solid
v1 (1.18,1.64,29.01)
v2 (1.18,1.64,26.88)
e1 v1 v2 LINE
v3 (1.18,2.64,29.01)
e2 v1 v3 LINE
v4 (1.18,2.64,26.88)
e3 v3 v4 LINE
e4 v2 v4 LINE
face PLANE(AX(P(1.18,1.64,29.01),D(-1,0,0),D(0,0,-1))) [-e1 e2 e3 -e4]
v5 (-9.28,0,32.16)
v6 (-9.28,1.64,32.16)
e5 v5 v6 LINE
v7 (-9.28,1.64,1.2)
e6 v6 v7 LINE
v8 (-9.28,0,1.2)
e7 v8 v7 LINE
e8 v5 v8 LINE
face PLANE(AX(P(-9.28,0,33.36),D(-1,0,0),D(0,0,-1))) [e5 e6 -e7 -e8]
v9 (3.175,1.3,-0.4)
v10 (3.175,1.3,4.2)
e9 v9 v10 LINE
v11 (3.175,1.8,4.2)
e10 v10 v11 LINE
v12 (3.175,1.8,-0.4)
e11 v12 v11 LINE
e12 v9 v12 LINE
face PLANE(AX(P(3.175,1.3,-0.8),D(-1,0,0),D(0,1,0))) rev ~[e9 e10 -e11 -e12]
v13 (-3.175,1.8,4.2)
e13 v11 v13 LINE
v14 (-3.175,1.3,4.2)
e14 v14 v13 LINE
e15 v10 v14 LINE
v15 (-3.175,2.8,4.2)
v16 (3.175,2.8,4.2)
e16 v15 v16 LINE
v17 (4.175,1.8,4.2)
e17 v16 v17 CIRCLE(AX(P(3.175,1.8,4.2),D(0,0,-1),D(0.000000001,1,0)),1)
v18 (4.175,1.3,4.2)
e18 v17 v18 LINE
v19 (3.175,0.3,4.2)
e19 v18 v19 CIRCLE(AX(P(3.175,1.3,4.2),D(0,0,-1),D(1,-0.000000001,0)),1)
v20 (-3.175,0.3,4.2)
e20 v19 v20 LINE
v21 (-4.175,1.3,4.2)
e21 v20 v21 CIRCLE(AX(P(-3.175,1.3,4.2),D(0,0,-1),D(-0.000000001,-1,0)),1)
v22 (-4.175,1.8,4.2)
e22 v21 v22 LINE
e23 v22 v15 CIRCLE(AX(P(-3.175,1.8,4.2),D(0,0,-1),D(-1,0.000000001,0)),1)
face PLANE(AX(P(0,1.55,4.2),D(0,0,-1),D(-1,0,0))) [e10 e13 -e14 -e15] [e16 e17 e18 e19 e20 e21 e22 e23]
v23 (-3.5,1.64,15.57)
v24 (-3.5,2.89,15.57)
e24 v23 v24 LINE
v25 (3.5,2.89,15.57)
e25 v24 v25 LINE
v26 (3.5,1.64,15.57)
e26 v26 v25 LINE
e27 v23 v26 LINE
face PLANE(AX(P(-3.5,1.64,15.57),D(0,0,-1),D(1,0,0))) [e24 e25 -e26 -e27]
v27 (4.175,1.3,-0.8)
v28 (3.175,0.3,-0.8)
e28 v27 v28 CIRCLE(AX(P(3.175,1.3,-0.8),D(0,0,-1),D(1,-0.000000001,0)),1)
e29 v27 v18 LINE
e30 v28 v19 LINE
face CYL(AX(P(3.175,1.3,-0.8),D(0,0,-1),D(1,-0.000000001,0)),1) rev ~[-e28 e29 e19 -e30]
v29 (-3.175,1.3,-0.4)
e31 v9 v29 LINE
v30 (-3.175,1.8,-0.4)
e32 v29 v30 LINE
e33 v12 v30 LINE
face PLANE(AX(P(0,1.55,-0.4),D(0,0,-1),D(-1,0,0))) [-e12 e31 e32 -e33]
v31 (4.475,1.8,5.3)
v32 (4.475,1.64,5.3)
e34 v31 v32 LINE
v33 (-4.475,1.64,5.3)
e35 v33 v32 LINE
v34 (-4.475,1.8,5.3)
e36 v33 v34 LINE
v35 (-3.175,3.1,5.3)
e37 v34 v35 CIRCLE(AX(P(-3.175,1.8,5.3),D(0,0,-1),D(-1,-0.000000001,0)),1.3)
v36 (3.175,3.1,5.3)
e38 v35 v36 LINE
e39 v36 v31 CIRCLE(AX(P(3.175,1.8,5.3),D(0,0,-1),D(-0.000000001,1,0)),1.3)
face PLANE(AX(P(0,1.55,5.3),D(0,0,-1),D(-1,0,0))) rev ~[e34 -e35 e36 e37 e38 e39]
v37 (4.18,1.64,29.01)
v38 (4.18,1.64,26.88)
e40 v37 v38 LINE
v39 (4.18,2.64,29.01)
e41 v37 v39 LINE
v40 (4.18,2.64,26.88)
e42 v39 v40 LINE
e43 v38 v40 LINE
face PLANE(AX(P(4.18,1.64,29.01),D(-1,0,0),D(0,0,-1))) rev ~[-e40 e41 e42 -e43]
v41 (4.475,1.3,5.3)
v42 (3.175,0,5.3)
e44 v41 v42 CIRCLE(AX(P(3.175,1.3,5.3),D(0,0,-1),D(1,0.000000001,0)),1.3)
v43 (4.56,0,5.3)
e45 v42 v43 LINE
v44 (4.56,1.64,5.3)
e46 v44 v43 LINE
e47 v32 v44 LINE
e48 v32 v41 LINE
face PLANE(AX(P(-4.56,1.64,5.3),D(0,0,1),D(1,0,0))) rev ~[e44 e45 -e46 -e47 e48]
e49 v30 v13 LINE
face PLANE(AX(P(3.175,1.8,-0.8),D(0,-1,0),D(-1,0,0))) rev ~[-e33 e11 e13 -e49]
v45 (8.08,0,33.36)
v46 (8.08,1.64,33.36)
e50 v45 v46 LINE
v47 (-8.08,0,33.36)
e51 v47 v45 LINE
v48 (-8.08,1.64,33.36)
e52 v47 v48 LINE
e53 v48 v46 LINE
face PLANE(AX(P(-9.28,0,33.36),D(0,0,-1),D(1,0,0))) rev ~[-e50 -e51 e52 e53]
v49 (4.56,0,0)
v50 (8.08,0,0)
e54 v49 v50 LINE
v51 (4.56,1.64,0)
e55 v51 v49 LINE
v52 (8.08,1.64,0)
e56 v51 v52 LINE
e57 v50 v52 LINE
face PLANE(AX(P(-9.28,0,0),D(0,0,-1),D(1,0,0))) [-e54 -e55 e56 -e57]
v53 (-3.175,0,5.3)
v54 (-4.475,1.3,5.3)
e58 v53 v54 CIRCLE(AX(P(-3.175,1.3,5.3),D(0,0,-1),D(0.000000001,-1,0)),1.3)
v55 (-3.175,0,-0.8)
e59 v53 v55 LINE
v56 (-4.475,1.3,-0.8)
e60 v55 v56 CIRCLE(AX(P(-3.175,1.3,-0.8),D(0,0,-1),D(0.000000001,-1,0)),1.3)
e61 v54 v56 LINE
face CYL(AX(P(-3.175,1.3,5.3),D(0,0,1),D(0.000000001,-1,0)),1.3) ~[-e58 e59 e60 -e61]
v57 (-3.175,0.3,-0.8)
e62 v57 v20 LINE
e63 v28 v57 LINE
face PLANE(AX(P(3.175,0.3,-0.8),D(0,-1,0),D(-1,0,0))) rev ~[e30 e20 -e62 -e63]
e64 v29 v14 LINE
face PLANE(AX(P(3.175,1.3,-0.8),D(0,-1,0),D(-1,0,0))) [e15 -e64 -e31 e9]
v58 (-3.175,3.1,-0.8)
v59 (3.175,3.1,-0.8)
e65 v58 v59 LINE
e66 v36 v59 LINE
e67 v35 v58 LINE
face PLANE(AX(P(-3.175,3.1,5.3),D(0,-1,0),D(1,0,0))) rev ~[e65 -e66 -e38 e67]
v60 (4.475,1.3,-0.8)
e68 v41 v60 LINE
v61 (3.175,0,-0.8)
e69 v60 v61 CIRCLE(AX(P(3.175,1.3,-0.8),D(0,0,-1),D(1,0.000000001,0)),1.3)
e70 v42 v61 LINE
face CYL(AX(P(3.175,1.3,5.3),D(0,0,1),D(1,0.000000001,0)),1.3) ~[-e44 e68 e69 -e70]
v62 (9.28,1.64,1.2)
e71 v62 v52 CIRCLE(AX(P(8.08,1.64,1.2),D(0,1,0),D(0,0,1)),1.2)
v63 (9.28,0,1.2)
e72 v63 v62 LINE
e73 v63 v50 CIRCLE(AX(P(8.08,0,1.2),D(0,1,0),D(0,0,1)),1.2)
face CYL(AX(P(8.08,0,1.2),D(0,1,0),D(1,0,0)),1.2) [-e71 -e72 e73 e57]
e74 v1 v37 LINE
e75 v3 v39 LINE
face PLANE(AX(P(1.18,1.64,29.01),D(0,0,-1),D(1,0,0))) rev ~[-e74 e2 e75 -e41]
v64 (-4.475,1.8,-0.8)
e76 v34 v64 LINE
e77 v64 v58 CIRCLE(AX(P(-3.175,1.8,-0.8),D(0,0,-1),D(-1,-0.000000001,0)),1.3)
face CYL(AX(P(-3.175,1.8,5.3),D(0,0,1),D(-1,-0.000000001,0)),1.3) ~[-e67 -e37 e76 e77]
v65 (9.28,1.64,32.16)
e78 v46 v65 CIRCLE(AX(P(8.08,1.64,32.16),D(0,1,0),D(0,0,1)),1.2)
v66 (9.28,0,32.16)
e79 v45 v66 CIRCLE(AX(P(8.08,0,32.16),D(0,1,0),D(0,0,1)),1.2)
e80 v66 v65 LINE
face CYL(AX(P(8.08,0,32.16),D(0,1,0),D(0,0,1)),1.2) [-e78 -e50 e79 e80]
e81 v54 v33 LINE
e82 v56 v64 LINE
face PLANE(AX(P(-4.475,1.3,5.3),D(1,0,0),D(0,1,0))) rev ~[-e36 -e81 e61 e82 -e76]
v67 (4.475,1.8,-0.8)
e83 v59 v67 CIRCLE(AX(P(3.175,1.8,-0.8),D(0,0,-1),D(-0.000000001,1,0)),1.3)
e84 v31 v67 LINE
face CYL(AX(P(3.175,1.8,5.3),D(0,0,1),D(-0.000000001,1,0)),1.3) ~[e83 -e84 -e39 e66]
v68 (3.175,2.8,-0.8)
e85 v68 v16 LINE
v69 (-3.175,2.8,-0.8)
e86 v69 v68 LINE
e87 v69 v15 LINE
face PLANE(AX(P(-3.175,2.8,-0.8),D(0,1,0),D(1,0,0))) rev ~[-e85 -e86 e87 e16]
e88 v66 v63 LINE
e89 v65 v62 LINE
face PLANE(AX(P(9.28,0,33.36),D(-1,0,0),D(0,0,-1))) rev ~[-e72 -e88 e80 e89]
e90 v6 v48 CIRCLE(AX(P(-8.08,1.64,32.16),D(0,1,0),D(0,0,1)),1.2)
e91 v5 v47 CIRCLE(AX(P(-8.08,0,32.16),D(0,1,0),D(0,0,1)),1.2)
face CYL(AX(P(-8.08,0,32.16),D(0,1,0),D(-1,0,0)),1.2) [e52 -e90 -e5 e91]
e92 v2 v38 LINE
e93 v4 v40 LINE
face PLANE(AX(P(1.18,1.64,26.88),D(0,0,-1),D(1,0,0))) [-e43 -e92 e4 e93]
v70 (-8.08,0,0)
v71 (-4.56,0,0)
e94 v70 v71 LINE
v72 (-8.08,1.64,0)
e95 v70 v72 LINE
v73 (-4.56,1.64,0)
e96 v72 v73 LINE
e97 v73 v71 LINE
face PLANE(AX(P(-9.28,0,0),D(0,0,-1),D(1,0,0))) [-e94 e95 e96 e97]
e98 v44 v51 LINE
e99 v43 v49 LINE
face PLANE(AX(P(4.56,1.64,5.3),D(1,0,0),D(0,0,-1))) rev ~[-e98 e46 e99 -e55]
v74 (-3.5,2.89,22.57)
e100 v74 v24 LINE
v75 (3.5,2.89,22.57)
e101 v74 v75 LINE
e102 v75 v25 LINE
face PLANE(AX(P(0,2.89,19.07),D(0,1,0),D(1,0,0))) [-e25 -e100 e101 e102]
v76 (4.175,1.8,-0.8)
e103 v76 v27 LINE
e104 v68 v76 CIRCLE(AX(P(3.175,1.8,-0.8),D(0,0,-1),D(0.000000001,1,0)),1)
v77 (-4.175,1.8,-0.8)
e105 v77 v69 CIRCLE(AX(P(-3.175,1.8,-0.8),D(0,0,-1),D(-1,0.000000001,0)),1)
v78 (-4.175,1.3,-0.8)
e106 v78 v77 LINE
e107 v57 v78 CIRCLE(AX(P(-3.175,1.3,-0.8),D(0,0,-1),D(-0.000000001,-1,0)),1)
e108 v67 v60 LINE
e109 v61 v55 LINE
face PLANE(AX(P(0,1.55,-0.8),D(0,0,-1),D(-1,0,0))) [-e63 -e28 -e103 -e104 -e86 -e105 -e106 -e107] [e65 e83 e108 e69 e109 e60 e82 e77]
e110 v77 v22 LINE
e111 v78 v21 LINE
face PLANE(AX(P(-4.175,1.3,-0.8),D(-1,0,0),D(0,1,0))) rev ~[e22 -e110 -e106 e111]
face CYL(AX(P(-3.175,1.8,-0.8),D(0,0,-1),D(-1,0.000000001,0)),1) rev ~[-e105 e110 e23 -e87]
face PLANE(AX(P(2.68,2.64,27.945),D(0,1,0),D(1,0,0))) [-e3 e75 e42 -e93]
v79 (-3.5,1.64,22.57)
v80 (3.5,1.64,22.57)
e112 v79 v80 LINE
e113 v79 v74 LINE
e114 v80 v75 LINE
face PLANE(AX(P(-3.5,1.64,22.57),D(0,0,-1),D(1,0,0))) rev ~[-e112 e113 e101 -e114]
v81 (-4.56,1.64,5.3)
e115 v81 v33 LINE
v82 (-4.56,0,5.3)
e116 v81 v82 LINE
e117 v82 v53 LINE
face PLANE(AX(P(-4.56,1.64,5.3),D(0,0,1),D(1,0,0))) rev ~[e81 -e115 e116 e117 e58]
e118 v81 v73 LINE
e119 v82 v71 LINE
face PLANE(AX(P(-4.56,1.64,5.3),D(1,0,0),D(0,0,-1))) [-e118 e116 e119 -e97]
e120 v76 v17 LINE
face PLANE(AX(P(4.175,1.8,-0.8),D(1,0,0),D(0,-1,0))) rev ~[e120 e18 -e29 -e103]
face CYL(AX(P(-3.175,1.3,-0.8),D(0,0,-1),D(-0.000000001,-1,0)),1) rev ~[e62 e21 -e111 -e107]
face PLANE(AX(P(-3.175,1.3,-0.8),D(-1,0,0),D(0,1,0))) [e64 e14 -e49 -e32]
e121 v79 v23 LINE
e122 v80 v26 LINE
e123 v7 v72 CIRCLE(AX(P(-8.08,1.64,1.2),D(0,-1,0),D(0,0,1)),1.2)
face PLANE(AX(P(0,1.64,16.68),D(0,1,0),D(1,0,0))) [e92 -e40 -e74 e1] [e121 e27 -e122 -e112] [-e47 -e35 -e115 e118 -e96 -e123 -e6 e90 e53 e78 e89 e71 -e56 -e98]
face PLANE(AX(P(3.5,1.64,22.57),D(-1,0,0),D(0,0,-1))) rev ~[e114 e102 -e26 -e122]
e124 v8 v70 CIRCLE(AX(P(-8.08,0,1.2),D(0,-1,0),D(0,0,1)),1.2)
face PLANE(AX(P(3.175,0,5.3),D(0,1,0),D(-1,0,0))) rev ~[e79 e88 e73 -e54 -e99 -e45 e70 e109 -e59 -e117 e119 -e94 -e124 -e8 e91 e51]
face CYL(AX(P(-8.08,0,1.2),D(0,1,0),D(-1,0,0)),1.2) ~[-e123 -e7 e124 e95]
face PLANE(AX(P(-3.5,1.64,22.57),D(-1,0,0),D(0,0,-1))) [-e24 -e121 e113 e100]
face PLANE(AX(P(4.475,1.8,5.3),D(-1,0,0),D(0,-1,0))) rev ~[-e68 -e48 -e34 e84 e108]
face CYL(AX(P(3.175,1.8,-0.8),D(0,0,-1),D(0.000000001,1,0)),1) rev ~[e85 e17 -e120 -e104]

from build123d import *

# Parameters (mm, degrees)
SKETCH1_W           = 18.56
SKETCH1_H           = 33.36
BOSS_EXTRUDE1_DEPTH = 1.64
FILLET1_R           = 1.2
SKETCH2_W           = 9.12
SKETCH2_H           = 5.3
CUT_EXTRUDE1_DEPTH  = 35.665510237
BOSS_EXTRUDE2_DEPTH = 6.1
SKETCH4_W           = 6.35
SKETCH4_H           = 0.5
CUT_EXTRUDE2_DEPTH  = 5
SKETCH5_W           = 6.35
SKETCH5_H           = 0.5
CUT_EXTRUDE3_DEPTH  = 0.4
SKETCH7_W           = 7
SKETCH7_H           = 7
BOSS_EXTRUDE3_DEPTH = 1.25
SKETCH8_W           = 3
SKETCH8_H           = 2.13
BOSS_EXTRUDE4_DEPTH = 1


with BuildPart() as part:
    # Sketch1 → Boss-Extrude1 (new body)
    with BuildSketch(Plane(origin=(0, 0, 0), x_dir=(1, 0, 0), z_dir=(0, 1, 0))):
        with Locations((0, -16.68)):
            Rectangle(SKETCH1_W, SKETCH1_H)
    extrude(amount=BOSS_EXTRUDE1_DEPTH)

    # Fillet1
    fillet1_edges = [part.edges().sort_by_distance(p)[0] for p in [
        (-9.28, 0.82, 0),
        (9.28, 0.82, 0),
        (9.28, 0.82, 33.36),
        (-9.28, 0.82, 33.36),
    ]]
    fillet(fillet1_edges, radius=FILLET1_R)

    # Sketch2 → Cut-Extrude1 (cut, through all)
    with BuildSketch(Plane(origin=(0, 1.64, 0), x_dir=(1, 0, 0), z_dir=(0, 1, 0))):
        with Locations((0, -2.65)):
            Rectangle(SKETCH2_W, SKETCH2_H)
    extrude(amount=-CUT_EXTRUDE1_DEPTH, mode=Mode.SUBTRACT)

    # Sketch3 → Boss-Extrude2 (add)
    with BuildSketch(Plane(origin=(0, 0, 5.3), x_dir=(-1, 0, 0), z_dir=(0, 0, -1))):
        with BuildLine():
            Line((-3.175, 0), (3.175, 0))
            ThreePointArc((3.175, 0), (4.094238816, 0.380761184), (4.475, 1.3))
            Line((4.475, 1.3), (4.475, 1.8))
            ThreePointArc((4.475, 1.8), (4.094238816, 2.719238816), (3.175, 3.1))
            Line((3.175, 3.1), (-3.175, 3.1))
            ThreePointArc((-3.175, 3.1), (-4.094238816, 2.719238816), (-4.475, 1.8))
            Line((-4.475, 1.8), (-4.475, 1.3))
            ThreePointArc((-4.475, 1.3), (-4.094238816, 0.380761184), (-3.175, 0))
        make_face()
    extrude(amount=BOSS_EXTRUDE2_DEPTH)

    # Sketch4 → Cut-Extrude2 (cut)
    with BuildSketch(Plane(origin=(0, 0, -0.8), x_dir=(-1, 0, 0), z_dir=(0, 0, -1))):
        with BuildLine():
            Line((3.175, 2.8), (-3.175, 2.8))
            ThreePointArc((-3.175, 2.8), (-3.882106781, 2.507106781), (-4.175, 1.8))
            Line((-4.175, 1.8), (-4.175, 1.3))
            ThreePointArc((-4.175, 1.3), (-3.882106781, 0.592893219), (-3.175, 0.3))
            Line((-3.175, 0.3), (3.175, 0.3))
            ThreePointArc((3.175, 0.3), (3.882106781, 0.592893219), (4.175, 1.3))
            Line((4.175, 1.3), (4.175, 1.8))
            ThreePointArc((4.175, 1.8), (3.882106781, 2.507106781), (3.175, 2.8))
        make_face()
        with Locations((0, 1.55)):
            Rectangle(SKETCH4_W, SKETCH4_H, mode=Mode.SUBTRACT)
    extrude(amount=-CUT_EXTRUDE2_DEPTH, mode=Mode.SUBTRACT)

    # Sketch5 → Cut-Extrude3 (cut)
    with BuildSketch(Plane(origin=(0, 0, -0.8), x_dir=(-1, 0, 0), z_dir=(0, 0, -1))):
        with Locations((0, 1.55)):
            Rectangle(SKETCH5_W, SKETCH5_H)
    extrude(amount=-CUT_EXTRUDE3_DEPTH, mode=Mode.SUBTRACT)

    # Sketch7 → Boss-Extrude3 (add)
    with BuildSketch(Plane(origin=(0, 1.64, 0), x_dir=(1, 0, 0), z_dir=(0, 1, 0))):
        with Locations((0, -19.07)):
            Rectangle(SKETCH7_W, SKETCH7_H)
    extrude(amount=BOSS_EXTRUDE3_DEPTH)

    # Sketch8 → Boss-Extrude4 (add)
    with BuildSketch(Plane(origin=(0, 1.64, 0), x_dir=(1, 0, 0), z_dir=(0, 1, 0))):
        with Locations((2.68, -27.945)):
            Rectangle(SKETCH8_W, SKETCH8_H)
    extrude(amount=BOSS_EXTRUDE4_DEPTH)


solid = part.part
